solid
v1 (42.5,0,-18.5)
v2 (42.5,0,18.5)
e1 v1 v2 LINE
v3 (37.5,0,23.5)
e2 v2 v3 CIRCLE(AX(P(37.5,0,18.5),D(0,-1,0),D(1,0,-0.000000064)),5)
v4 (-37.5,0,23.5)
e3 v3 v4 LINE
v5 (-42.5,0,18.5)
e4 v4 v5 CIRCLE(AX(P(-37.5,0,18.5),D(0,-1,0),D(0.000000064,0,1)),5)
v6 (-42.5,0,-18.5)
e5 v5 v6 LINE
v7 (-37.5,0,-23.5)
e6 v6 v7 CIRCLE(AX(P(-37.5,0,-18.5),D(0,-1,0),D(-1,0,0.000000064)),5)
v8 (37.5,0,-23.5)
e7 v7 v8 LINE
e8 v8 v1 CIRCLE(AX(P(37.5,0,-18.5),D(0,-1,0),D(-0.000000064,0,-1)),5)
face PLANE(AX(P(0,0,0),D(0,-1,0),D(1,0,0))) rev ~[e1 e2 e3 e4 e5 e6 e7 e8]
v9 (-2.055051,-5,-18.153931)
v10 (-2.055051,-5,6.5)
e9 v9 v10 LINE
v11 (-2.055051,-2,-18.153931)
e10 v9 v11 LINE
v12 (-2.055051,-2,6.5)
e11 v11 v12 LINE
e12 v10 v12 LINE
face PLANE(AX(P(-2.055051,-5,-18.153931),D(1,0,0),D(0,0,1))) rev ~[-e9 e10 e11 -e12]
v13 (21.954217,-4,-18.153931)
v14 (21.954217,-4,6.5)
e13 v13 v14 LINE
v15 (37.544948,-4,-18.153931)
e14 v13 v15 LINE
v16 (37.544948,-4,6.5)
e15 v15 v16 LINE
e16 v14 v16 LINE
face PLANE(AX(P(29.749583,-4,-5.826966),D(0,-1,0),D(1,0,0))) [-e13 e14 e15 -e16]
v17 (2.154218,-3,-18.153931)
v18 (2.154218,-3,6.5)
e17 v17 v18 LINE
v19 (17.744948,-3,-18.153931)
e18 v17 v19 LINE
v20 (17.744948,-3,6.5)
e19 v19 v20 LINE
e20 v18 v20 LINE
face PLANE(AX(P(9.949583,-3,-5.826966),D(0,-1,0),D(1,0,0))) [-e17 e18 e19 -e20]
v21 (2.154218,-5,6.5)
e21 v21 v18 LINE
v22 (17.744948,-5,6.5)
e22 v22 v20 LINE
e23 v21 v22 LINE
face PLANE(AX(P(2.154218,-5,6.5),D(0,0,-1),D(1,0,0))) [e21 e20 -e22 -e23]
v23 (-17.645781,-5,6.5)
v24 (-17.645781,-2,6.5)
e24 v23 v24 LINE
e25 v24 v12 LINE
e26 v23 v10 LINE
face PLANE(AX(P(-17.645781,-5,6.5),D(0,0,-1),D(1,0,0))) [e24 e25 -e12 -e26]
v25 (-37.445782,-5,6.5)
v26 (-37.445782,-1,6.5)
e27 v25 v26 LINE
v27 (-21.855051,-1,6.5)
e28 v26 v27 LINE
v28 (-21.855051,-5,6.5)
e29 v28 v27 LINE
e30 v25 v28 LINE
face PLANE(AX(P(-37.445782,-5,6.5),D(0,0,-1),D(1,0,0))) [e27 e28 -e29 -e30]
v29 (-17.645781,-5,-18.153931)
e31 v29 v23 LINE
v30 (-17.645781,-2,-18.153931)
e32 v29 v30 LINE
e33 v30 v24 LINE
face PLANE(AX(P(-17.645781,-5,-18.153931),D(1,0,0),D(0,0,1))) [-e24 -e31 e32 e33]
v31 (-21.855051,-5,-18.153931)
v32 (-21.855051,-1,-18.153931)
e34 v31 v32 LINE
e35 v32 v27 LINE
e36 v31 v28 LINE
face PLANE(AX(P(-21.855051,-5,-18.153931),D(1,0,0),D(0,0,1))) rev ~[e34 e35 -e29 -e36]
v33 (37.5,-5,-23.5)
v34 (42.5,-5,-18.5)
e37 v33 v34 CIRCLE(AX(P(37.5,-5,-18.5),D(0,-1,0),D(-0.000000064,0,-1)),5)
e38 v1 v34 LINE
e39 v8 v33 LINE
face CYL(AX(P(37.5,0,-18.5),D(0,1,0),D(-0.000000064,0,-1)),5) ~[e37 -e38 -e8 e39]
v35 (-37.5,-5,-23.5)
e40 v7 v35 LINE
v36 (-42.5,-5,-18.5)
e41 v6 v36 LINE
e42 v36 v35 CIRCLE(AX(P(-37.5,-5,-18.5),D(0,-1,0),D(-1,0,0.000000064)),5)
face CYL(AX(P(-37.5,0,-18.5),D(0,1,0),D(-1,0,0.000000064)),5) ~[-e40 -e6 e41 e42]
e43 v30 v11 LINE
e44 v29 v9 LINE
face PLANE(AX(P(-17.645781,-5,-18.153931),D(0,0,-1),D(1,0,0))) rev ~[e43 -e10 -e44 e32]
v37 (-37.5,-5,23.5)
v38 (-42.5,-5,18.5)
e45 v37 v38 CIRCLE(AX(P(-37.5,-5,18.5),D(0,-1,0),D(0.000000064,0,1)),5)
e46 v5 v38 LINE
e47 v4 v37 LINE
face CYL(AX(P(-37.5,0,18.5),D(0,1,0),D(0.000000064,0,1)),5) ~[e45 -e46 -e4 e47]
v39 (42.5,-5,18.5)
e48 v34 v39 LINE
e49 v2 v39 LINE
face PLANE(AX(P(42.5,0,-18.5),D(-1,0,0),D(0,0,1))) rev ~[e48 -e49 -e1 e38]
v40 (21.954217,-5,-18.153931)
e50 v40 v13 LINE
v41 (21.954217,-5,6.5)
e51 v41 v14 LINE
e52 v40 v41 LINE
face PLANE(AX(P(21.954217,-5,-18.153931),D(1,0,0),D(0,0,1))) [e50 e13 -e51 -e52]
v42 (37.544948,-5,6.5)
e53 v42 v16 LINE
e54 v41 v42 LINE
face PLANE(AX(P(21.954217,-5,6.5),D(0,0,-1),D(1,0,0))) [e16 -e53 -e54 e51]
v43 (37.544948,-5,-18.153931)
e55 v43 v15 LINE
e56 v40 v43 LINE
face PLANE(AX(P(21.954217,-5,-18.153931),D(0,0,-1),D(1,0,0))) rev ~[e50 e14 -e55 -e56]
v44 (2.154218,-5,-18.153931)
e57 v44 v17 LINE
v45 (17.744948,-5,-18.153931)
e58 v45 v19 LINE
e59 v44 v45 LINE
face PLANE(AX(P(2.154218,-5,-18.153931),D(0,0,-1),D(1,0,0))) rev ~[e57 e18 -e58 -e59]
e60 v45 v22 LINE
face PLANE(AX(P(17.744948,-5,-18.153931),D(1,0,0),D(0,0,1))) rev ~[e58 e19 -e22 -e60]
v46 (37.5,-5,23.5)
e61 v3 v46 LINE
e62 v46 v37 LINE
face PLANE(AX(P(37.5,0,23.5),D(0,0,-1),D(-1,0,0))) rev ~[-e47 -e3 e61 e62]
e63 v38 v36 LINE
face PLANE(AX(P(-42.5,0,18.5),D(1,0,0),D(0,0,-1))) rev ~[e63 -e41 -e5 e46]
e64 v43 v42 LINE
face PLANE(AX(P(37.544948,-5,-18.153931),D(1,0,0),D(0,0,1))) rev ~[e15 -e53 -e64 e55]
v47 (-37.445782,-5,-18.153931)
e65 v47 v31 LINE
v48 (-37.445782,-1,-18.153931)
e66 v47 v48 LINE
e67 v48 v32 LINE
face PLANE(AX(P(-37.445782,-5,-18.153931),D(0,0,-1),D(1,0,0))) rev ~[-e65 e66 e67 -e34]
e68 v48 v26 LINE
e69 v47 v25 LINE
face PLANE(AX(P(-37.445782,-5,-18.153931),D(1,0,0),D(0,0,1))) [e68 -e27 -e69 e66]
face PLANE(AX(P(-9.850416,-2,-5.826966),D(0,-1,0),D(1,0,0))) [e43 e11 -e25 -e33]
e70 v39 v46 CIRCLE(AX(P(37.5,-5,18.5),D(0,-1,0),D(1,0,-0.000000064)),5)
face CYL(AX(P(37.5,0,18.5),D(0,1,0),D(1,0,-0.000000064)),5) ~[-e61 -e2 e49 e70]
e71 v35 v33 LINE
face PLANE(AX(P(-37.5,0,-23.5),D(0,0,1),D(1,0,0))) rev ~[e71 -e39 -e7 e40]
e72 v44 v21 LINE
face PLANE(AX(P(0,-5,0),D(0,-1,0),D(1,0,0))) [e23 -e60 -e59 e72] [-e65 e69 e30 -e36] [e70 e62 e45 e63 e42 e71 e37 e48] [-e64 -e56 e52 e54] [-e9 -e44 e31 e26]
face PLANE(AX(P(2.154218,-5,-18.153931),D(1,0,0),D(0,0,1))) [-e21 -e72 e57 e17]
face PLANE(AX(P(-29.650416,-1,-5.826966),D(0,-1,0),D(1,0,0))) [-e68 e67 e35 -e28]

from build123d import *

# Parameters (mm, degrees)
F1_DEPTH = 5
F2_W     = 15.590731
F2_H     = 24.653931
F3_DEPTH = 4
F4_DEPTH = 3
F5_DEPTH = 2
F6_DEPTH = 1


with BuildPart() as f1:
    # F0 (on Front) → F1 (new body)
    with BuildSketch(Plane.XZ):
        with BuildLine():
            Line((-37.5, -23.5), (37.5, -23.5))
            ThreePointArc((37.5, -23.5), (41.035534, -22.035534), (42.5, -18.5))
            Line((42.5, -18.5), (42.5, 18.5))
            ThreePointArc((42.5, 18.5), (41.035534, 22.035534), (37.5, 23.5))
            Line((37.5, 23.5), (-37.5, 23.5))
            ThreePointArc((-37.5, 23.5), (-41.035534, 22.035534), (-42.5, 18.5))
            Line((-42.5, 18.5), (-42.5, -18.5))
            ThreePointArc((-42.5, -18.5), (-41.035534, -22.035534), (-37.5, -23.5))
        make_face()
    extrude(amount=F1_DEPTH)

    # F2 (on face) → F3 (cut)
    with BuildSketch(Plane.XZ.offset(5)):
        with Locations((-29.650416, -5.826966)):
            Rectangle(F2_W, F2_H)
    extrude(amount=-F3_DEPTH, mode=Mode.SUBTRACT)

    # F2 (on face) → F4 (cut)
    with BuildSketch(Plane.XZ.offset(5)):
        with Locations((-9.850416, -5.826966)):
            Rectangle(F2_W, F2_H)
    extrude(amount=-F4_DEPTH, mode=Mode.SUBTRACT)

    # F2 (on face) → F5 (cut)
    with BuildSketch(Plane.XZ.offset(5)):
        with Locations((9.949583, -5.826966)):
            Rectangle(F2_W, F2_H)
    extrude(amount=-F5_DEPTH, mode=Mode.SUBTRACT)

    # F2 (on face) → F6 (cut)
    with BuildSketch(Plane.XZ.offset(5)):
        with Locations((29.749583, -5.826966)):
            Rectangle(F2_W, F2_H)
    extrude(amount=-F6_DEPTH, mode=Mode.SUBTRACT)


solid = f1.part
